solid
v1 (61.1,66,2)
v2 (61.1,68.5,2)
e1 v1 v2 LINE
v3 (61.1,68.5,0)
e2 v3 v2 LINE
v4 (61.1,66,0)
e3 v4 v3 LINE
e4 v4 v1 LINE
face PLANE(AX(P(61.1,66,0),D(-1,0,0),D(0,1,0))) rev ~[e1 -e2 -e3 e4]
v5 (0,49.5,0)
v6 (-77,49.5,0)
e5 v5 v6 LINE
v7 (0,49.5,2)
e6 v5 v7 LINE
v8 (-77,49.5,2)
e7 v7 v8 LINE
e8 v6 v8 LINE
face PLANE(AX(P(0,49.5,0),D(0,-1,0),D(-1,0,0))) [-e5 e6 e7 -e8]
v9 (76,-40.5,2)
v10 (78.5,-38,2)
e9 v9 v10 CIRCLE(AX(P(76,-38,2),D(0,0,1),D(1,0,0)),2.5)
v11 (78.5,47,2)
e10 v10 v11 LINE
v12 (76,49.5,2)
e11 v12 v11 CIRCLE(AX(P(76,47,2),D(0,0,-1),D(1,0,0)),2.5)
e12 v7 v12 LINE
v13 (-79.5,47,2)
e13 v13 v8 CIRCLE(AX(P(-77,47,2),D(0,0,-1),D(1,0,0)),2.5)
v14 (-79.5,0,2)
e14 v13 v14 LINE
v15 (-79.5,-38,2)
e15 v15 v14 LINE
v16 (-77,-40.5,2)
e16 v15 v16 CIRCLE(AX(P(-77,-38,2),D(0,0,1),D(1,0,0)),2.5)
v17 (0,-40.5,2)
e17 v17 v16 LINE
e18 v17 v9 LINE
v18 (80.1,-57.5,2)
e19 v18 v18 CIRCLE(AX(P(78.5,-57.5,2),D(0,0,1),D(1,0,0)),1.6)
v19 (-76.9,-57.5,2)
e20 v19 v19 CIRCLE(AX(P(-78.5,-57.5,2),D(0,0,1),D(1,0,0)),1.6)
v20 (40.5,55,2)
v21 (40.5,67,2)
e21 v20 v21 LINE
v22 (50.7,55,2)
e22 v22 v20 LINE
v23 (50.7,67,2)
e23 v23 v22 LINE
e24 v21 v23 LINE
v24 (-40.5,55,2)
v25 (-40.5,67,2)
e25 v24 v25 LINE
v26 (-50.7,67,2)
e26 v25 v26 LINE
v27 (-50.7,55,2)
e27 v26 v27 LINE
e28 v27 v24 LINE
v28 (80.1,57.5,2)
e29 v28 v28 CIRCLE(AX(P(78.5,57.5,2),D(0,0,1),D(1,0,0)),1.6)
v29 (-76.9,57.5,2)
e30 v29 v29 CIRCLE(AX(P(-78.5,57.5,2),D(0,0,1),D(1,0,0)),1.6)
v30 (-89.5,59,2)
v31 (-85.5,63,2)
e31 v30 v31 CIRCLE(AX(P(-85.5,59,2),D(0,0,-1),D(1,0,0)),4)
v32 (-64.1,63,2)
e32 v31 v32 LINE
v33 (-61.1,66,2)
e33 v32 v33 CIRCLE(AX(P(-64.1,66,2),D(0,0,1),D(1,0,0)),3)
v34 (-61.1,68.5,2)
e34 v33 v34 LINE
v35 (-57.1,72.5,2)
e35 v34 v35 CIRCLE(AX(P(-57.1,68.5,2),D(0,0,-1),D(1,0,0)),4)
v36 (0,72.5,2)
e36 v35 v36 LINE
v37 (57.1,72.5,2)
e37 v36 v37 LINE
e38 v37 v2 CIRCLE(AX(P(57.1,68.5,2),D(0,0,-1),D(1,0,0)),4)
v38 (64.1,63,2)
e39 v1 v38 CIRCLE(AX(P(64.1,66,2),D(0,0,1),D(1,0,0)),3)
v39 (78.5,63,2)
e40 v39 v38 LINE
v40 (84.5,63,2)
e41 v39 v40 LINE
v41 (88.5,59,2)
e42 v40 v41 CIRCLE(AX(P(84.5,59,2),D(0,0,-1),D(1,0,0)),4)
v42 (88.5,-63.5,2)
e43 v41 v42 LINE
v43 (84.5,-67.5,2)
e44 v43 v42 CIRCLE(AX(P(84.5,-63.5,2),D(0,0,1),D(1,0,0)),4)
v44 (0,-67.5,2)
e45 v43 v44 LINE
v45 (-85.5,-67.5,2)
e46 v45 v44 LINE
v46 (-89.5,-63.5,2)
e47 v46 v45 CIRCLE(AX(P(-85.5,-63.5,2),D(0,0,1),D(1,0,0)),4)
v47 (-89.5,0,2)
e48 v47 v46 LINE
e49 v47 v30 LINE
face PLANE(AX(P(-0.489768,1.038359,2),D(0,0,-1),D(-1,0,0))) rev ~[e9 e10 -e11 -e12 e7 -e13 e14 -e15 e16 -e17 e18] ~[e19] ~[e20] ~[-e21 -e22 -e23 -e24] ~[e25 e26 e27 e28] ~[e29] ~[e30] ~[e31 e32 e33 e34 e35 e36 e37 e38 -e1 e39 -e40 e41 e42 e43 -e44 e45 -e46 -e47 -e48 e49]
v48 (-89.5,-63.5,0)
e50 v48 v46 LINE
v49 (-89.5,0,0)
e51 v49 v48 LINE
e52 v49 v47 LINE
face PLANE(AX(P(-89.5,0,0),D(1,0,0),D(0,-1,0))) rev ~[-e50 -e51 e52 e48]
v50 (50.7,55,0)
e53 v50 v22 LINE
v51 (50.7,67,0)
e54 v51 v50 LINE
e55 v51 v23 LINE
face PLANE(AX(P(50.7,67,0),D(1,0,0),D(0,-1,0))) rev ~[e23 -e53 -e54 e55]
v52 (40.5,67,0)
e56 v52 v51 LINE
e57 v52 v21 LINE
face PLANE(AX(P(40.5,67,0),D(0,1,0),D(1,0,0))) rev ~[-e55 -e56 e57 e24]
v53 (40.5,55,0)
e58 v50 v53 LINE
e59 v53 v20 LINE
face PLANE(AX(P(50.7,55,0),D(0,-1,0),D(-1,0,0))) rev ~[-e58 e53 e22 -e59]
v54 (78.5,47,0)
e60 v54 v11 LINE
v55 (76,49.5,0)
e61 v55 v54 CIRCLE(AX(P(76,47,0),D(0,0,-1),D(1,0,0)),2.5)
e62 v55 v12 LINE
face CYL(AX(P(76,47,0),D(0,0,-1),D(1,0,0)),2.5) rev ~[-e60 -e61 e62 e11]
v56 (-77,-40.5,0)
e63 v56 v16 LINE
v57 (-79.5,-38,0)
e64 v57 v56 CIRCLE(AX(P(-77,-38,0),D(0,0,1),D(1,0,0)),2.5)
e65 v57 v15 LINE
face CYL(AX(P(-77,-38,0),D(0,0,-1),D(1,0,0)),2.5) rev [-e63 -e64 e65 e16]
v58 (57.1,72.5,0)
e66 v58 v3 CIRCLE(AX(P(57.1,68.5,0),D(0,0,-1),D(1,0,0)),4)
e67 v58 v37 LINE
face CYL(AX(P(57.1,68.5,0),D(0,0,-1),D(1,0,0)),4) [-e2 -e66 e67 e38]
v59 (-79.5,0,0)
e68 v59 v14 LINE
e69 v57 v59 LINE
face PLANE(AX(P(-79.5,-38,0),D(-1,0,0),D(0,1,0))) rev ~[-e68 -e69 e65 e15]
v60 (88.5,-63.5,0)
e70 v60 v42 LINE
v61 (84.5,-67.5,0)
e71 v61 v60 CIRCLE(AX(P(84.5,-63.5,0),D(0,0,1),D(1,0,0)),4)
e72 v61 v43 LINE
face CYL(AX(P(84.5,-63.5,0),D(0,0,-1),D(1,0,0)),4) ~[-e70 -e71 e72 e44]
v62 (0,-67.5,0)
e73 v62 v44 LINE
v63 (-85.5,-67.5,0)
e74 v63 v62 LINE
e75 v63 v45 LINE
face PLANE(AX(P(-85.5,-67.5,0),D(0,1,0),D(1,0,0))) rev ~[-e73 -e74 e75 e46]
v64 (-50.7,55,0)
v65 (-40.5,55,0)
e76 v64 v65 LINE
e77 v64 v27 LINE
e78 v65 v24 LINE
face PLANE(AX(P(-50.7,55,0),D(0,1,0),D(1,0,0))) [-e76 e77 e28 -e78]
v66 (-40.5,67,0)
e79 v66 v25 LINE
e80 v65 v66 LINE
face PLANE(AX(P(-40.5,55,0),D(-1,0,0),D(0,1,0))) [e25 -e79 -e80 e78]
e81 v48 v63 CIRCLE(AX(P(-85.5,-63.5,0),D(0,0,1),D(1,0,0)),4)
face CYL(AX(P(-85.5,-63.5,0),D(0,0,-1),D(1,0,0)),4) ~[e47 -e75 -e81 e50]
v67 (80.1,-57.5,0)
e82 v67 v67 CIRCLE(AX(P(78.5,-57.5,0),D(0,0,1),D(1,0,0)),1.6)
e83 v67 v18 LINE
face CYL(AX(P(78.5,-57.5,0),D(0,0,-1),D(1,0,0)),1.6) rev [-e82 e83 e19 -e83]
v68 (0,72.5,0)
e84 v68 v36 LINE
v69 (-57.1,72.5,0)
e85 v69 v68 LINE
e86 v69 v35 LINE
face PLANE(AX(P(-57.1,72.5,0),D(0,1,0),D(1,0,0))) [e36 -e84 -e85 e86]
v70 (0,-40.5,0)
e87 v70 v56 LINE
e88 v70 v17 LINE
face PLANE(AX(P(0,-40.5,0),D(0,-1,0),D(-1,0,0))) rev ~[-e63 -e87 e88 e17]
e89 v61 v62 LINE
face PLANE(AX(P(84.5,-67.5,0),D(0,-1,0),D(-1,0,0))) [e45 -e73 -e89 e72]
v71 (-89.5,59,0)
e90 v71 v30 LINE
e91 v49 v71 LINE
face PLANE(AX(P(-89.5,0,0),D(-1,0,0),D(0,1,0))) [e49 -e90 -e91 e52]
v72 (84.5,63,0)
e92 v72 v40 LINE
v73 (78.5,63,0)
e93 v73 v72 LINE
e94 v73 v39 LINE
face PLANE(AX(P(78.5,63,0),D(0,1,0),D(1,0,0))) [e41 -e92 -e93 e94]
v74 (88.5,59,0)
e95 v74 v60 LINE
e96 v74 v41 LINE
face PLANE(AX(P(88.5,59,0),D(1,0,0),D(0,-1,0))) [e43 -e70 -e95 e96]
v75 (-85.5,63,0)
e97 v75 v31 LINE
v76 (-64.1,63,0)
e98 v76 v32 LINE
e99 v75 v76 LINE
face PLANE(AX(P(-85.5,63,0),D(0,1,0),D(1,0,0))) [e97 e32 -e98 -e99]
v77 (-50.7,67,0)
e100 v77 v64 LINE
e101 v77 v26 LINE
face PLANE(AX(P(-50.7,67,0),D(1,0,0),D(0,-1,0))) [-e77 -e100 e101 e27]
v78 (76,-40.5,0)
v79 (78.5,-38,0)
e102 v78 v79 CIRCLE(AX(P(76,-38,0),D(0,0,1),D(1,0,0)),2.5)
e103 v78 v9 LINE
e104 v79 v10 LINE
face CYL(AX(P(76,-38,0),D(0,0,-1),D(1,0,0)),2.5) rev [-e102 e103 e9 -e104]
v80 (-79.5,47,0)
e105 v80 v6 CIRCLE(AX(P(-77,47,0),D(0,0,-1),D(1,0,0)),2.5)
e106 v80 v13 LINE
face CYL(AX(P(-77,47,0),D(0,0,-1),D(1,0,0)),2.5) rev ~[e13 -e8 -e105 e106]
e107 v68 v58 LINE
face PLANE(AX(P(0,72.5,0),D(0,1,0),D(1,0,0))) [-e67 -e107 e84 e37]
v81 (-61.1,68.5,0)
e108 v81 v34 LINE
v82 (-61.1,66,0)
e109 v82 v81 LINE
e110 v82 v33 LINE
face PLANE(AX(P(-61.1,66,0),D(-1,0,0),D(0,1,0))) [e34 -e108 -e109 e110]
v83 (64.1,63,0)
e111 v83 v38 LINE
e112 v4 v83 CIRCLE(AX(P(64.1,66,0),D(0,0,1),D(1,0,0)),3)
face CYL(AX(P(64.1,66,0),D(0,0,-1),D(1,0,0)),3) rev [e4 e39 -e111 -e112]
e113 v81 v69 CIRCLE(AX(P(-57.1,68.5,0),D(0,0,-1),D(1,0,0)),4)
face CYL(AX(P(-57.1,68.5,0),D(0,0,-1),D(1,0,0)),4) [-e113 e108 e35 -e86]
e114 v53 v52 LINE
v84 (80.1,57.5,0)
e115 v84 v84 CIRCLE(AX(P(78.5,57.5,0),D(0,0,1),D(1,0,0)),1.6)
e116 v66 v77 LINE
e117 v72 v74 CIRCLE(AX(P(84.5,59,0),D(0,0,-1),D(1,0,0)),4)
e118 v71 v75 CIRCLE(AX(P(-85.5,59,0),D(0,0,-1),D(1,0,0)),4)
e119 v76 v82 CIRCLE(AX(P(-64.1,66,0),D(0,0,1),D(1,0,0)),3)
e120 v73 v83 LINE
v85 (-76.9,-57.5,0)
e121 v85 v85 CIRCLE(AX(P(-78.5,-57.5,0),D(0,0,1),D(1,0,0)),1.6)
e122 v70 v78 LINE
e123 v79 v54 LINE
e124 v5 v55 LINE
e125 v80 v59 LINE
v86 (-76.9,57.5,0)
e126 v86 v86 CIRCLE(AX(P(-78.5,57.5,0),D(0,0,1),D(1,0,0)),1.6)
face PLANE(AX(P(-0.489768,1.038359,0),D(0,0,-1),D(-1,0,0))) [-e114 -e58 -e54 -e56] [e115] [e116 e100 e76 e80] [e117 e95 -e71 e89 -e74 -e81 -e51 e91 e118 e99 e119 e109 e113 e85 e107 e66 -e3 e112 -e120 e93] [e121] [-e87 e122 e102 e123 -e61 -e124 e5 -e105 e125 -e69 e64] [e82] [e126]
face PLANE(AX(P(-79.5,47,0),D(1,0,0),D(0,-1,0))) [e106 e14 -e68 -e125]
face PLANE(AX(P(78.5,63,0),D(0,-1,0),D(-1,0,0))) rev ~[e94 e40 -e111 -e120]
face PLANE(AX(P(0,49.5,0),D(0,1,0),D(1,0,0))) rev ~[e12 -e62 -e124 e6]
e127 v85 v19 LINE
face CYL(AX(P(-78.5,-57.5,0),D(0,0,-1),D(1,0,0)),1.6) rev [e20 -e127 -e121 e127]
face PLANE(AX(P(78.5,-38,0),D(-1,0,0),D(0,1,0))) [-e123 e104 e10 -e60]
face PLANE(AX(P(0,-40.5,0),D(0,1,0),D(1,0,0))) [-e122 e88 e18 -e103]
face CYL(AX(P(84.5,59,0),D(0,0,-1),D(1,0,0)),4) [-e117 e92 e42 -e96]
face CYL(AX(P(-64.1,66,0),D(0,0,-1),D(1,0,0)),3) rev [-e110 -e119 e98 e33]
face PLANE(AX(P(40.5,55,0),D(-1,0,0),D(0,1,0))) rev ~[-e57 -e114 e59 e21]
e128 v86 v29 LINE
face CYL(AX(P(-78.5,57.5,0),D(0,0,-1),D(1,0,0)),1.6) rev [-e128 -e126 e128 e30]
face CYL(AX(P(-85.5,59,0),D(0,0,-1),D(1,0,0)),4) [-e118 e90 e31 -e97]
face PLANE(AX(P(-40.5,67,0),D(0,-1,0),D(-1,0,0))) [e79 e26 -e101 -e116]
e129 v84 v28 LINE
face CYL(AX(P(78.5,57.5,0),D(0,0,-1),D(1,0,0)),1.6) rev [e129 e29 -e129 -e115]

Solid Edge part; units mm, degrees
sketch "Sketch1" plane through (0, 0, 0) normal (0, 0, 1) x (1, 0, 0)
  line L0 (0, 49.5) -> (76, 49.5)
  arc A0 (76, 49.5) -> (78.5, 47) centre (76, 47) cw
  line L1 (78.5, -38) -> (78.5, 47)
  arc A1 (76, -40.5) -> (78.5, -38) centre (76, -38) ccw
  line L2 (0, -40.5) -> (76, -40.5)
  line L3 (0, -40.5) -> (-77, -40.5)
  arc A2 (-79.5, -38) -> (-77, -40.5) centre (-77, -38) ccw
  line L4 (-79.5, -38) -> (-79.5, 0)
  line L5 (-79.5, 47) -> (-79.5, 0)
  arc A3 (-79.5, 47) -> (-77, 49.5) centre (-77, 47) cw
  line L6 (0, 49.5) -> (-77, 49.5)
  line L7 (50.7, 55) -> (40.5, 55)
  line L8 (40.5, 55) -> (40.5, 67)
  line L9 (40.5, 67) -> (50.7, 67)
  line L10 (50.7, 67) -> (50.7, 55)
  line L11 (-50.7, 67) -> (-50.7, 55)
  line L12 (-50.7, 55) -> (-40.5, 55)
  line L13 (-40.5, 55) -> (-40.5, 67)
  line L14 (-40.5, 67) -> (-50.7, 67)
  circle A4 centre (-78.5, 57.5) radius 1.6
  circle A5 centre (-78.5, -57.5) radius 1.6
  circle A6 centre (78.5, -57.5) radius 1.6
  circle A7 centre (78.5, 57.5) radius 1.6
  line L15 (88.5, 59) -> (88.5, -63.5)
  arc A8 (84.5, -67.5) -> (88.5, -63.5) centre (84.5, -63.5) ccw
  line L16 (84.5, -67.5) -> (0, -67.5)
  line L17 (-85.5, -67.5) -> (0, -67.5)
  arc A9 (-89.5, -63.5) -> (-85.5, -67.5) centre (-85.5, -63.5) ccw
  line L18 (-89.5, 0) -> (-89.5, -63.5)
  line L19 (-89.5, 0) -> (-89.5, 59)
  arc A10 (-89.5, 59) -> (-85.5, 63) centre (-85.5, 59) cw
  line L20 (-85.5, 63) -> (-64.1, 63)
  arc A11 (-64.1, 63) -> (-61.1, 66) centre (-64.1, 66) ccw
  line L21 (-61.1, 66) -> (-61.1, 68.5)
  arc A12 (-61.1, 68.5) -> (-57.1, 72.5) centre (-57.1, 68.5) cw
  line L22 (-57.1, 72.5) -> (0, 72.5)
  line L23 (0, 72.5) -> (57.1, 72.5)
  arc A13 (57.1, 72.5) -> (61.1, 68.5) centre (57.1, 68.5) cw
  line L24 (61.1, 66) -> (61.1, 68.5)
  arc A14 (61.1, 66) -> (64.1, 63) centre (64.1, 66) ccw
  line L25 (78.5, 63) -> (64.1, 63)
  line L26 (78.5, 63) -> (84.5, 63)
  arc A15 (84.5, 63) -> (88.5, 59) centre (84.5, 59) cw
extrude "Protrusion1" add sketch "Sketch1" along normal blind 2
